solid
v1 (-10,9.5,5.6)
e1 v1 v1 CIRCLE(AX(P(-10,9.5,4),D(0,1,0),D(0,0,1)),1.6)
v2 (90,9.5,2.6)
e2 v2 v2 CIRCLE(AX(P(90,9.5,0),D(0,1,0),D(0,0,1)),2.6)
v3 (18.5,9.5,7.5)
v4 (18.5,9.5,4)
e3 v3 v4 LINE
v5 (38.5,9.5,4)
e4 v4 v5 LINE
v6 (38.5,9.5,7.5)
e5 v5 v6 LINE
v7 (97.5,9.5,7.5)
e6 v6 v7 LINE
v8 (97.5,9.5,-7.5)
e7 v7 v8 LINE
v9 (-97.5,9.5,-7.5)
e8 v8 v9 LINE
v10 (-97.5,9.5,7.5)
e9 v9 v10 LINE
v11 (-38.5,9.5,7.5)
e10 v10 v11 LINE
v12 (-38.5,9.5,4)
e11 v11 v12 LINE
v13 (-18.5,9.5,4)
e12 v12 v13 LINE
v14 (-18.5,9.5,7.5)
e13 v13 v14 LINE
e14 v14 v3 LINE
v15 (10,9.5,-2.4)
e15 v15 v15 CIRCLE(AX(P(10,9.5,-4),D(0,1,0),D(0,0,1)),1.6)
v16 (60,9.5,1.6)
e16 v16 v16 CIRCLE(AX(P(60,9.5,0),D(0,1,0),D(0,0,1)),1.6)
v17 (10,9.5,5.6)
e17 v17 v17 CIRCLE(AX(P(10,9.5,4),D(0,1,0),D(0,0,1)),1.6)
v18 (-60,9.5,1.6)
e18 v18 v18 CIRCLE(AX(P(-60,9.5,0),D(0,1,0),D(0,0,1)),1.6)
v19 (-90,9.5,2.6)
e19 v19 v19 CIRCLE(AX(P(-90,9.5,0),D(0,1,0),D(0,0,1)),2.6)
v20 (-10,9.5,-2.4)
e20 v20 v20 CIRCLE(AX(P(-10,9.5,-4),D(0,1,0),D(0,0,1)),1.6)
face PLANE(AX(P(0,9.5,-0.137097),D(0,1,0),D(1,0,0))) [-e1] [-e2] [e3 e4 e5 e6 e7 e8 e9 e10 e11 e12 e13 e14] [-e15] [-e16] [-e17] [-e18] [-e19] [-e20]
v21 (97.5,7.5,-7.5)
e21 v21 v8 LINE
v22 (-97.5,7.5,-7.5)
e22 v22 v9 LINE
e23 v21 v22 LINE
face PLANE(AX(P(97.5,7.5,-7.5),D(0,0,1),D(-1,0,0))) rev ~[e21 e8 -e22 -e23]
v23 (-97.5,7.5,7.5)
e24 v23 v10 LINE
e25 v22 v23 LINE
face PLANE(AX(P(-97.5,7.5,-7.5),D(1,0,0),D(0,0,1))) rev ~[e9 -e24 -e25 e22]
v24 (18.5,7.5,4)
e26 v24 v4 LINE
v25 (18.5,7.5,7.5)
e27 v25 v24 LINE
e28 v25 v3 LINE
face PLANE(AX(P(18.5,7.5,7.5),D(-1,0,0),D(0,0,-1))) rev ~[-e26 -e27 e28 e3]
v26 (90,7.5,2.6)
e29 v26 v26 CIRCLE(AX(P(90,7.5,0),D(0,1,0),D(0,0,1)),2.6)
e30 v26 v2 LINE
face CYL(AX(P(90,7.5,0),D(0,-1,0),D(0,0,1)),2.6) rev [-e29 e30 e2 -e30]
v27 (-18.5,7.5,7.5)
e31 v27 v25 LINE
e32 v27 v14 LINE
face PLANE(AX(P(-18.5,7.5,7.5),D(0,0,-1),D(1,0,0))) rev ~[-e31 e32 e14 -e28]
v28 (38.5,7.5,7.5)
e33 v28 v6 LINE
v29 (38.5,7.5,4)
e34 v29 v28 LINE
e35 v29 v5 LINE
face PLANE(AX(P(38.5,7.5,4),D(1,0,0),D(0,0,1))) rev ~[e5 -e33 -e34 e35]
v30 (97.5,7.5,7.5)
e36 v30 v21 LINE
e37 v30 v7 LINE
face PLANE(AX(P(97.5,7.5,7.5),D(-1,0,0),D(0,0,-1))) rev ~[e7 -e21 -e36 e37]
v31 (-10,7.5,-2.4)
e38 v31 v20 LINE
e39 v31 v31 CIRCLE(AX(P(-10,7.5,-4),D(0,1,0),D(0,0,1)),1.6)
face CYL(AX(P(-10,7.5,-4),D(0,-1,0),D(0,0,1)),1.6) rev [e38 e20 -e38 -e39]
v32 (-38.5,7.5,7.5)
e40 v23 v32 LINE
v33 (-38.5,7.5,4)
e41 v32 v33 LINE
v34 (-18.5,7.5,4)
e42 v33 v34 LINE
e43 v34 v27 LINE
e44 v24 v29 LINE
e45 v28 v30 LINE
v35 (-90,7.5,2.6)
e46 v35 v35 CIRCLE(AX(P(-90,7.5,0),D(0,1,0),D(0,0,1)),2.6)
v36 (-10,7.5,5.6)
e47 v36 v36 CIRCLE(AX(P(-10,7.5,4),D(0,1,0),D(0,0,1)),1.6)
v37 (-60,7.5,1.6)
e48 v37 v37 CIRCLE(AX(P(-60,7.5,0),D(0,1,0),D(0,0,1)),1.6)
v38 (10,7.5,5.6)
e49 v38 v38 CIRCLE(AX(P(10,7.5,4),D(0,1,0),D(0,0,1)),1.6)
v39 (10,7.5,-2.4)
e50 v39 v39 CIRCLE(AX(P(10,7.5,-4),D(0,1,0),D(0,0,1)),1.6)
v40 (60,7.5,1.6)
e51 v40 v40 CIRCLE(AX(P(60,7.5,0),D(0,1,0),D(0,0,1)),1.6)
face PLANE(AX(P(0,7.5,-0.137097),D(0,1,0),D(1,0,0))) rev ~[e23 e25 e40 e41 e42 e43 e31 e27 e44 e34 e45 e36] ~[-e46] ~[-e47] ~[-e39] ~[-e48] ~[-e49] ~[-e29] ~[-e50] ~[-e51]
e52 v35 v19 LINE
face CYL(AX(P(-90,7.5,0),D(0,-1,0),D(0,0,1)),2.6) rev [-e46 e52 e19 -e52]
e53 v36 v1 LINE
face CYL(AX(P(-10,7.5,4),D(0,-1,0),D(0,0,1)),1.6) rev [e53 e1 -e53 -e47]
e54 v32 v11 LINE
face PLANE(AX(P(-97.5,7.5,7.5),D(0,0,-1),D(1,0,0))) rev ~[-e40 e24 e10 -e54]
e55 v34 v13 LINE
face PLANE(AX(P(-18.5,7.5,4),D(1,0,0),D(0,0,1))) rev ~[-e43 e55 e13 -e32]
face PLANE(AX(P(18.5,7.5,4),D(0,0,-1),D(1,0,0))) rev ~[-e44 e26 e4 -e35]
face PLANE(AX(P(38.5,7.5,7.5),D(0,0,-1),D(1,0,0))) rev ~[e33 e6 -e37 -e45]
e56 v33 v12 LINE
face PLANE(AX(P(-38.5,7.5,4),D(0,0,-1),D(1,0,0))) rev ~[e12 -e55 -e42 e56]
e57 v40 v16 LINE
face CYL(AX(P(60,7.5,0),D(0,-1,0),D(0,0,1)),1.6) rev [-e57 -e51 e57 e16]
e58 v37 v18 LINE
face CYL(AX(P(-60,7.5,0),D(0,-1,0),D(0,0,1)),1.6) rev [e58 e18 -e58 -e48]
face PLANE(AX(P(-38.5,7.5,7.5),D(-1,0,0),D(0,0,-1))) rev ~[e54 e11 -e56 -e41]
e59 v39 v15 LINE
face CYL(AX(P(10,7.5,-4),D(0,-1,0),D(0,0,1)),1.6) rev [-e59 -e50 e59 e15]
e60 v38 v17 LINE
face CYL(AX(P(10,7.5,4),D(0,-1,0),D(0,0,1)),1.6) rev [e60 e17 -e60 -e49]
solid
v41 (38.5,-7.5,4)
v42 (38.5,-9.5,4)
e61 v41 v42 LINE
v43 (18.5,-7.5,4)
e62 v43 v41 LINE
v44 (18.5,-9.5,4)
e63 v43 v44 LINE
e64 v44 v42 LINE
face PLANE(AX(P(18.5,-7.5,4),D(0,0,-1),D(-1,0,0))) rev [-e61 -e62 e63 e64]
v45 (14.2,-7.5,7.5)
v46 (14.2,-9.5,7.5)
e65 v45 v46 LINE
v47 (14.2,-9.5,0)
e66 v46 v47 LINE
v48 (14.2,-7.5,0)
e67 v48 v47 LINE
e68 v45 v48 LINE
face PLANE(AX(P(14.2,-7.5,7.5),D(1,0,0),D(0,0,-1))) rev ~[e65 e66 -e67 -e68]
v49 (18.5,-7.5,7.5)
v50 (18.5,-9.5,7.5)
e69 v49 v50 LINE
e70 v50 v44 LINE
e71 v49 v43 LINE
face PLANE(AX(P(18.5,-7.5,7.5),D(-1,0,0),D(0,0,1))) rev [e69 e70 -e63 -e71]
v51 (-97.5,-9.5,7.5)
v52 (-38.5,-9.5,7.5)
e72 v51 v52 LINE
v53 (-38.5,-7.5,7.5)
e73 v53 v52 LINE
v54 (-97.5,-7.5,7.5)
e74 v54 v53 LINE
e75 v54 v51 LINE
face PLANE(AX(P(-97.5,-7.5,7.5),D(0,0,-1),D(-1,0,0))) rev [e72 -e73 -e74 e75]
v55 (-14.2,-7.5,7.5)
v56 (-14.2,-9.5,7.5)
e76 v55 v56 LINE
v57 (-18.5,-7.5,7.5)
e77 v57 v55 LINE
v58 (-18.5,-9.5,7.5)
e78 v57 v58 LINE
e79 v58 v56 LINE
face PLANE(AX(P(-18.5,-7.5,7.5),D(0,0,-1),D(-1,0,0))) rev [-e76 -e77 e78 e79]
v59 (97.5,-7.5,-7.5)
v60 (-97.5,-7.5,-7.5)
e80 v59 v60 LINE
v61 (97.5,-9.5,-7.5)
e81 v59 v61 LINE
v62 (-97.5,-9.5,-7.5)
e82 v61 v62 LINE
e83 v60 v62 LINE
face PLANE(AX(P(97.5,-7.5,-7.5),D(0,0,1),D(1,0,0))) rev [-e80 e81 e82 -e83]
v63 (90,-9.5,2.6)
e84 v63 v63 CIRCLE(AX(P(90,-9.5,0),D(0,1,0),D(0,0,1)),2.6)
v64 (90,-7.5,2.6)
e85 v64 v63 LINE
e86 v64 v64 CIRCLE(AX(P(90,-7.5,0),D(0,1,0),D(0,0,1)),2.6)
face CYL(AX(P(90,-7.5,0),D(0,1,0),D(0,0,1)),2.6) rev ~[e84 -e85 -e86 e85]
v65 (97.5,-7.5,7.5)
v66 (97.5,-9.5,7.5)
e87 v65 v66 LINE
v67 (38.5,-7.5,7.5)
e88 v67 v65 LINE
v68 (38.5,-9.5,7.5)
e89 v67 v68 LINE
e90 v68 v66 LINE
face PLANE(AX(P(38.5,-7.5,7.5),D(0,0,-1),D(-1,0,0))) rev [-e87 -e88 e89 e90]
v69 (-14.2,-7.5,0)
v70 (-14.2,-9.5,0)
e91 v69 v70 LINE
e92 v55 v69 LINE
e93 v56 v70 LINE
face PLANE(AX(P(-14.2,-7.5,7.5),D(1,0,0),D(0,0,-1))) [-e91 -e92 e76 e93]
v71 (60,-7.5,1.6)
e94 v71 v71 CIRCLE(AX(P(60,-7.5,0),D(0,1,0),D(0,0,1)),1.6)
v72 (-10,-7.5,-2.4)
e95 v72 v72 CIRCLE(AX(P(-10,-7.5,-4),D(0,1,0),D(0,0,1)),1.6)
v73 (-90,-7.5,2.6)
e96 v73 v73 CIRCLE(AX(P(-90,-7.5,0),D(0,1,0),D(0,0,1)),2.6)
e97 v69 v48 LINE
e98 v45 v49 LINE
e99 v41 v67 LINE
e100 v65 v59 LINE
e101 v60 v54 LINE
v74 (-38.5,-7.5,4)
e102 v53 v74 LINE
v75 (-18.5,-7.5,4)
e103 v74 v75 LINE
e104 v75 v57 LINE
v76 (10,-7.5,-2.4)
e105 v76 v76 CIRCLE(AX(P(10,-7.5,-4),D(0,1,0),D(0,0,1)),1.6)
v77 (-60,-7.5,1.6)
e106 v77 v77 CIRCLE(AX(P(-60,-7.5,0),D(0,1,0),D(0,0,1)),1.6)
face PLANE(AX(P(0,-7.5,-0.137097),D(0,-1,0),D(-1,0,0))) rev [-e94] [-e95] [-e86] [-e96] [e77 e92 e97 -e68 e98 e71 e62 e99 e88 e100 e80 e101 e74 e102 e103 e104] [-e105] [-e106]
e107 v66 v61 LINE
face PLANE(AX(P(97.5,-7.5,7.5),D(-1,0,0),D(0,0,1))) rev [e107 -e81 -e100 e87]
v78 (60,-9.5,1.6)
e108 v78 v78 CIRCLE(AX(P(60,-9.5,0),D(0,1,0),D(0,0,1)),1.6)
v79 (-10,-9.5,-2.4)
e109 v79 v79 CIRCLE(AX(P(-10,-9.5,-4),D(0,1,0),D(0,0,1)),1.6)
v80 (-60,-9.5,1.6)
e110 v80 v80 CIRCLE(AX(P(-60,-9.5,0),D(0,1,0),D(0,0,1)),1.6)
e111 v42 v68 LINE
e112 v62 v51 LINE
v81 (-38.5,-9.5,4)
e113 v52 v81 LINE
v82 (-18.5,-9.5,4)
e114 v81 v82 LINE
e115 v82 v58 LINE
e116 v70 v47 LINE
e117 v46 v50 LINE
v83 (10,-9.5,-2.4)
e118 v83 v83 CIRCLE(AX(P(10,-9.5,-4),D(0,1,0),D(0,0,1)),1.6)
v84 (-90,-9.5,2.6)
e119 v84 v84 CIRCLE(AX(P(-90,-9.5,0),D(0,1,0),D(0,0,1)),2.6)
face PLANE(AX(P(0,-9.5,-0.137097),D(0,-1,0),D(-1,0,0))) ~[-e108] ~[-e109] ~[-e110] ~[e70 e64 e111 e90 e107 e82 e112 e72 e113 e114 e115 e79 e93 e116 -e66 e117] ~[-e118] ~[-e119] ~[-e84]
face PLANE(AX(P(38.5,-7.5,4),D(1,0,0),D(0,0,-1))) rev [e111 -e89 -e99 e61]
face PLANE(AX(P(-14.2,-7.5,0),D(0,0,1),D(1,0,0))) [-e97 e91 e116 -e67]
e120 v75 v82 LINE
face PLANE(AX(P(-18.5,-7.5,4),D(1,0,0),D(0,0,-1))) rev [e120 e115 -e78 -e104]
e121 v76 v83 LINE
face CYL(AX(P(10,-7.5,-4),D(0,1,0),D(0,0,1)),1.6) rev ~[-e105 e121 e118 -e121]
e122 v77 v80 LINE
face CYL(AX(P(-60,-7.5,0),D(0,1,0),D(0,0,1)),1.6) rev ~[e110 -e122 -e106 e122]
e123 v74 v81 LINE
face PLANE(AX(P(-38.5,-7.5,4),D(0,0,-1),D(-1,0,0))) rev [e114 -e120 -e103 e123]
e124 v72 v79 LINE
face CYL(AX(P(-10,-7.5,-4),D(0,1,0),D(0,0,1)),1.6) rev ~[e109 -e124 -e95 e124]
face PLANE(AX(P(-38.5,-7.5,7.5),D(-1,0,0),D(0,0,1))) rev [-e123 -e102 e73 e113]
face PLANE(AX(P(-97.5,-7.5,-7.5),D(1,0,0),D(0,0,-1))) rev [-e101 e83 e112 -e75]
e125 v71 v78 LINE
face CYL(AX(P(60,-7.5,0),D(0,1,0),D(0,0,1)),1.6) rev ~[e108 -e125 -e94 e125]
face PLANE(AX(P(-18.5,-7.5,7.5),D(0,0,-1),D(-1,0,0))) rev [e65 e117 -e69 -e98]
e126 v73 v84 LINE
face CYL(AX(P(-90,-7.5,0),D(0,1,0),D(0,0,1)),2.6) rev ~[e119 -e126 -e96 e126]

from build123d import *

# Parameters (mm, degrees)
SKETCH_1_R          = 1.6
SKETCH_1_R_2        = 2.6
EXTRUDE_1_DEPTH     = 2
SKETCH_2_W          = 28.4
SKETCH_2_H          = 7.5
CUT_EXTRUDE_1_DEPTH = 100.25472281


with BuildPart() as part:
    # 草图1 → 凸台-拉伸1 (new body)
    with BuildSketch(Plane(origin=(0, 7.5, 0), x_dir=(1, 0, 0), z_dir=(0, 1, 0))):
        Polygon((97.5, 7.5), (-97.5, 7.5), (-97.5, -7.5), (-38.5, -7.5), (-38.5, -4), (-18.5, -4), (-18.5, -7.5), (18.5, -7.5), (18.5, -4), (38.5, -4), (38.5, -7.5), (97.5, -7.5), align=None)
        with Locations(Location((-10, -4, 0), (0, 0, 270))):
            Circle(SKETCH_1_R, mode=Mode.SUBTRACT)
        with Locations(Location((-90, 0, 0), (0, 0, 270))):
            Circle(SKETCH_1_R_2, mode=Mode.SUBTRACT)
        with Locations(Location((-60, 0, 0), (0, 0, 270))):
            Circle(SKETCH_1_R, mode=Mode.SUBTRACT)
        with Locations(Location((10, -4, 0), (0, 0, 270))):
            Circle(SKETCH_1_R, mode=Mode.SUBTRACT)
        with Locations(Location((-10, 4, 0), (0, 0, 270))):
            Circle(SKETCH_1_R, mode=Mode.SUBTRACT)
        with Locations(Location((60, 0, 0), (0, 0, 270))):
            Circle(SKETCH_1_R, mode=Mode.SUBTRACT)
        with Locations(Location((90, 0, 0), (0, 0, 270))):
            Circle(SKETCH_1_R_2, mode=Mode.SUBTRACT)
        with Locations(Location((10, 4, 0), (0, 0, 270))):
            Circle(SKETCH_1_R, mode=Mode.SUBTRACT)
    extrude(amount=EXTRUDE_1_DEPTH)


with BuildPart() as body_2:
    # 镜向3: mirrored copy
    add(part.part.mirror(Plane.ZX))

    # 草图2 → 切除-拉伸1 (cut, through all)
    with BuildSketch(Plane(origin=(0, -7.5, 0), x_dir=(1, 0, 0), z_dir=(0, 1, 0))):
        with Locations((0, -3.75)):
            Rectangle(SKETCH_2_W, SKETCH_2_H)
    extrude(amount=-CUT_EXTRUDE_1_DEPTH, mode=Mode.SUBTRACT)


solid = Compound([part.part, body_2.part])
